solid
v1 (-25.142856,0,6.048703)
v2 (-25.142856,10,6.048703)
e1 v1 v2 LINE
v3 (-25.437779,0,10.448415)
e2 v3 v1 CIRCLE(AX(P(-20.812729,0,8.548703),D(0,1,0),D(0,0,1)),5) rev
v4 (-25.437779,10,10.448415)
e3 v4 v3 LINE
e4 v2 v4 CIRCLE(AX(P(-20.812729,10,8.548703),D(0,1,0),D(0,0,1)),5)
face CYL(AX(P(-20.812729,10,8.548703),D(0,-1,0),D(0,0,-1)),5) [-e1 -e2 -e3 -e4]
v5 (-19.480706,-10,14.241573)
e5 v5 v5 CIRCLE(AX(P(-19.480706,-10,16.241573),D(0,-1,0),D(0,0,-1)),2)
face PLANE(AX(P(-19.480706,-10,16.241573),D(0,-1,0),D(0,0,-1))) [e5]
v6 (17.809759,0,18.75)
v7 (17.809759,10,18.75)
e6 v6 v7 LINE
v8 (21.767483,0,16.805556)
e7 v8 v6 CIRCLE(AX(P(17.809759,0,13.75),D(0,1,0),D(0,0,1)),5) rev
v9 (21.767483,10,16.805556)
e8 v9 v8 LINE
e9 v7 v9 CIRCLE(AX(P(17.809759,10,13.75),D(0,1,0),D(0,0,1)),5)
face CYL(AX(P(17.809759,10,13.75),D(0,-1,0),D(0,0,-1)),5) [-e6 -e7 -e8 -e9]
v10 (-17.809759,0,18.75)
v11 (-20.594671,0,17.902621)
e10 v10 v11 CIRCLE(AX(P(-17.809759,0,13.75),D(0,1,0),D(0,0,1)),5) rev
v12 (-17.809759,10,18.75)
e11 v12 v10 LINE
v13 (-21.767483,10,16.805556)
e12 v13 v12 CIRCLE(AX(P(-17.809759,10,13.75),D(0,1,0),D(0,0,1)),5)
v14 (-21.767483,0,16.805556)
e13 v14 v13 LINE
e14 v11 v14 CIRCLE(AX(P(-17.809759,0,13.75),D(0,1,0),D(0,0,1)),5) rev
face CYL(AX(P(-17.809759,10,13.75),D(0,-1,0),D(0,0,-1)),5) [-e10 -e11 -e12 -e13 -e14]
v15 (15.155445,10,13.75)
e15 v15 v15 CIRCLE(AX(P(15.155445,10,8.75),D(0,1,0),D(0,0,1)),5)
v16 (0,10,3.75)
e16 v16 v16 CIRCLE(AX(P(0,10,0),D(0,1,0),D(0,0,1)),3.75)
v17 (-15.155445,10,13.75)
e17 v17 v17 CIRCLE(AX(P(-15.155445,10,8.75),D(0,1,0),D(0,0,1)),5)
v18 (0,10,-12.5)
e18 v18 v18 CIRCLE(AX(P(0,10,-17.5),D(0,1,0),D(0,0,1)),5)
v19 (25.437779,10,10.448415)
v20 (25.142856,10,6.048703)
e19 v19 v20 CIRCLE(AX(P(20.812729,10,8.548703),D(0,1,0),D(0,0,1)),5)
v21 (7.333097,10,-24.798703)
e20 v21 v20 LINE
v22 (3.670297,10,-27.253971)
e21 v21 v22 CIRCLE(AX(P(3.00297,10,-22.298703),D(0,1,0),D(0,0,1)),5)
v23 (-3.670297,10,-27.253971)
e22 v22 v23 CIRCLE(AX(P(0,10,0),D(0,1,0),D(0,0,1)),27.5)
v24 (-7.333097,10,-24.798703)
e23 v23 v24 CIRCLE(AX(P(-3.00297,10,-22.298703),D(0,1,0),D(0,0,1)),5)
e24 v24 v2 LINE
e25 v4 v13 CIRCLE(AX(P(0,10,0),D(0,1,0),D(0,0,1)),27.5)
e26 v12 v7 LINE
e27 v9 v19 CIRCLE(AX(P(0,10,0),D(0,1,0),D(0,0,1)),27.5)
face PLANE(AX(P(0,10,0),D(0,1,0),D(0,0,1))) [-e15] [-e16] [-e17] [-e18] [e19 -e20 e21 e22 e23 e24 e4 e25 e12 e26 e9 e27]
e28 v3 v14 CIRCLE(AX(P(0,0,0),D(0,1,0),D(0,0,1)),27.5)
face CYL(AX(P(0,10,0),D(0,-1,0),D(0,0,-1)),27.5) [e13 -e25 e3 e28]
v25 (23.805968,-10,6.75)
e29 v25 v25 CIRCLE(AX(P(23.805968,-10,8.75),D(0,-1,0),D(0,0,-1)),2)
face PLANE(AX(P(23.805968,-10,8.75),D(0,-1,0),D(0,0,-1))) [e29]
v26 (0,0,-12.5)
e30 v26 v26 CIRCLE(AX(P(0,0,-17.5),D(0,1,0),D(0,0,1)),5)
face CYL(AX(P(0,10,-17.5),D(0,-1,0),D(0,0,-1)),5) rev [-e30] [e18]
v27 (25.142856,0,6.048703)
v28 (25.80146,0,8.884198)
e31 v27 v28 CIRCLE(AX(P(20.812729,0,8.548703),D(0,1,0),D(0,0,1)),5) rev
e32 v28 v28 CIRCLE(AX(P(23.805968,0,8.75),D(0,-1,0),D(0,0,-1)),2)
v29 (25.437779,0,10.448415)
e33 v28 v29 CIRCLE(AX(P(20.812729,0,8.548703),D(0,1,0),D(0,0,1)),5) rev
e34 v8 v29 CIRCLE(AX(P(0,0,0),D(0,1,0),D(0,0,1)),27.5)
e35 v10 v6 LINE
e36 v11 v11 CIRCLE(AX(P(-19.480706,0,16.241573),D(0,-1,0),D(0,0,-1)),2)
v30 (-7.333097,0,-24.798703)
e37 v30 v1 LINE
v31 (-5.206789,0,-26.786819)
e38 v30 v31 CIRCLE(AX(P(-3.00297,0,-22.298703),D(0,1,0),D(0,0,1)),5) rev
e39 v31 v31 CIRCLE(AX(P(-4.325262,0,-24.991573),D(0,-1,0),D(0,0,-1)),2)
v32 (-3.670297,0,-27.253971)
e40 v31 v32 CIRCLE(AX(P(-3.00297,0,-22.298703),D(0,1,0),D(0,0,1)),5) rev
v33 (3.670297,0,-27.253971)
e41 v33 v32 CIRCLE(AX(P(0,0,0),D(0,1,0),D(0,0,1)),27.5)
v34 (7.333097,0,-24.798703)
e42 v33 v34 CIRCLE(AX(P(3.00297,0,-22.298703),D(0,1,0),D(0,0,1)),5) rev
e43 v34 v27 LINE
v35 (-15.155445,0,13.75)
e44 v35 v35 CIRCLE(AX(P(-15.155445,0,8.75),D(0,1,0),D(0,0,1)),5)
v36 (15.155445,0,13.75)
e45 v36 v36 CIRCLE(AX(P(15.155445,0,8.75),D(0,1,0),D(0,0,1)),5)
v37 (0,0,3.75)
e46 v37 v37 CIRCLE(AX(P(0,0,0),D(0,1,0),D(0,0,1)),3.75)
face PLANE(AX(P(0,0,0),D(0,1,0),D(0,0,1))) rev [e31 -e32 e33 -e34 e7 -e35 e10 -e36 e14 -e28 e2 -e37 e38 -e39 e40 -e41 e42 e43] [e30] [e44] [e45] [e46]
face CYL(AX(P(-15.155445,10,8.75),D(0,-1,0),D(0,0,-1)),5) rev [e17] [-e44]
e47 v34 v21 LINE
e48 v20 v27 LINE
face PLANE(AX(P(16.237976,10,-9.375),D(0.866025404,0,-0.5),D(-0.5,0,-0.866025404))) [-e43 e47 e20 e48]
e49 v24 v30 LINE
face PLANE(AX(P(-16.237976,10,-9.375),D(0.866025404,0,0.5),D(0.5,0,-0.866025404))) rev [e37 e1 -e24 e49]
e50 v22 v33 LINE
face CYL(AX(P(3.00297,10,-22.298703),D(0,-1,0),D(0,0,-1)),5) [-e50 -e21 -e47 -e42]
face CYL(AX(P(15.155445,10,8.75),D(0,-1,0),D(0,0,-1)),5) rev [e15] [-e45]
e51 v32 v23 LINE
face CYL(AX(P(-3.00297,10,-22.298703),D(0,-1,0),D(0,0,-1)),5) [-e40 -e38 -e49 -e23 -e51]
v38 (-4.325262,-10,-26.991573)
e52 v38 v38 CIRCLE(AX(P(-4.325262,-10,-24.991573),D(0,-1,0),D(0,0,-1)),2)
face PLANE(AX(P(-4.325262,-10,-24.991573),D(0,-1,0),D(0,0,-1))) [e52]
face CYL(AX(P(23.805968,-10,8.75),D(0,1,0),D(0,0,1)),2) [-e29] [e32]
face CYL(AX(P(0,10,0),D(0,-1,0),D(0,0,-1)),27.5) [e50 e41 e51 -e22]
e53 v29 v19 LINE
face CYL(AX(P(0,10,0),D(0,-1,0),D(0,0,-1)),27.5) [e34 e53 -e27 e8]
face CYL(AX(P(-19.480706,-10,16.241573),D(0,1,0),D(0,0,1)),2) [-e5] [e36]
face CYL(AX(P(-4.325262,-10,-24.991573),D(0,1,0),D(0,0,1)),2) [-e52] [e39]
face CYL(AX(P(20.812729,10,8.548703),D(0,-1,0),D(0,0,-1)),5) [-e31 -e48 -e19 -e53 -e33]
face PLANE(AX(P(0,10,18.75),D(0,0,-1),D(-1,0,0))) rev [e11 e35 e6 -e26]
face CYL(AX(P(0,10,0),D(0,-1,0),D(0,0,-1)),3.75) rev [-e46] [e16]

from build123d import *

# Parameters (mm, degrees)
CROQUIS1_R              = 5
CROQUIS1_R_2            = 3.75
SALIENTE_EXTRUIR3_DEPTH = 10
REDONDEO3_R             = 5
CROQUIS3_R              = 2
SALIENTE_EXTRUIR4_DEPTH = 10


with BuildPart() as part:
    # Croquis1 → Saliente-Extruir3 (new body)
    # profile 1 of 5: a face of its own
    with BuildSketch(Plane(origin=(0, 0, 0), x_dir=(1, 0, 0), z_dir=(0, 1, 0))):
        with BuildLine():
            ThreePointArc((6.179553234, 26.796699831), (0, 27.5), (-6.179553234, 26.796699831))
            Line((-6.179553234, 26.796699831), (-26.296399408, -8.046699831))
            ThreePointArc((-26.296399408, -8.046699831), (-23.815698604, -13.75), (-20.116846174, -18.75))
            Line((-20.116846174, -18.75), (20.116846174, -18.75))
            ThreePointArc((20.116846174, -18.75), (23.815698604, -13.75), (26.296399408, -8.046699831))
            Line((26.296399408, -8.046699831), (6.179553234, 26.796699831))
        make_face()
        with Locations(Location((-15.155444566, -8.75, 0), (0, 0, 270))):
            Circle(CROQUIS1_R, mode=Mode.SUBTRACT)
        with Locations(Location((15.155444566, -8.75, 0), (0, 0, 270))):
            Circle(CROQUIS1_R, mode=Mode.SUBTRACT)
        with BuildLine():
            ThreePointArc((0, 7.5), (2.053290038, 7.406507449), (3.995190528, 8.080127019))
            ThreePointArc((3.995190528, 8.080127019), (1.58501754, 10.938896501), (-1.666208496, 12.785792829))
            ThreePointArc((-1.666208496, 12.785792829), (-4.714207171, 19.166208496), (1.666208496, 22.214207171))
            ThreePointArc((1.666208496, 22.214207171), (7.977102724, 18.629231149), (12.655444566, 13.080127019))
            Line((12.655444566, 13.080127019), (17.655444566, 4.419872981))
            Line((17.655444566, 4.419872981), (8.995190528, -0.580127019))
            ThreePointArc((8.995190528, -0.580127019), (7.440868623, -1.92505239), (6.495190528, -3.75))
            ThreePointArc((6.495190528, -3.75), (0, -6.171567416), (-6.495190528, -3.75))
            ThreePointArc((-6.495190528, -3.75), (-5.344734164, 3.085783708), (0, 7.5))
        make_face(mode=Mode.SUBTRACT)
    # profile 2 of 5: a face of its own
    with BuildSketch(Plane(origin=(0, 0, 0), x_dir=(1, 0, 0), z_dir=(0, 1, 0))):
        with BuildLine():
            ThreePointArc((0, 7.5), (5.344734164, 3.085783708), (6.495190528, -3.75))
            ThreePointArc((6.495190528, -3.75), (0, -6.171567416), (-6.495190528, -3.75))
            ThreePointArc((-6.495190528, -3.75), (-5.344734164, 3.085783708), (0, 7.5))
        make_face()
        with Locations(Location((0, 0, 0), (0, 0, 270))):
            Circle(CROQUIS1_R_2, mode=Mode.SUBTRACT)
    # profile 3 of 5: a face of its own
    with BuildSketch(Plane(origin=(0, 0, 0), x_dir=(1, 0, 0), z_dir=(0, 1, 0))):
        with BuildLine():
            ThreePointArc((8.995190528, -0.580127019), (7.440868623, -1.92505239), (6.495190528, -3.75))
            ThreePointArc((6.495190528, -3.75), (5.344734164, 3.085783708), (0, 7.5))
            ThreePointArc((0, 7.5), (2.053290038, 7.406507449), (3.995190528, 8.080127019))
            Line((3.995190528, 8.080127019), (8.995190528, -0.580127019))
        make_face()
    # profile 4 of 5: a face of its own
    with BuildSketch(Plane(origin=(0, 0, 0), x_dir=(1, 0, 0), z_dir=(0, 1, 0))):
        Polygon((17.655444566, 4.419872981), (8.995190528, -0.580127019), (3.995190528, 8.080127019), (12.655444566, 13.080127019), align=None)
    # profile 5 of 5: a face of its own
    with BuildSketch(Plane(origin=(0, 0, 0), x_dir=(1, 0, 0), z_dir=(0, 1, 0))):
        with BuildLine():
            ThreePointArc((-1.666208496, 12.785792829), (1.58501754, 10.938896501), (3.995190528, 8.080127019))
            Line((3.995190528, 8.080127019), (12.655444566, 13.080127019))
            ThreePointArc((12.655444566, 13.080127019), (7.977102724, 18.629231149), (1.666208496, 22.214207171))
            ThreePointArc((1.666208496, 22.214207171), (4.082342617, 20.386949733), (5, 17.5))
            ThreePointArc((5, 17.5), (2.886949733, 13.417657383), (-1.666208496, 12.785792829))
        make_face()
    extrude(amount=SALIENTE_EXTRUIR3_DEPTH)

    # Redondeo3
    redondeo3_edges = [part.edges().sort_by_distance(p)[0] for p in [
        (-20.116846174, 5, 18.75),
        (-26.296399408, 5, 8.046699831),
        (-6.179553234, 5, -26.796699831),
        (6.179553234, 5, -26.796699831),
        (26.296399408, 5, 8.046699831),
        (20.116846174, 5, 18.75),
    ]]
    fillet(redondeo3_edges, radius=REDONDEO3_R)

    # Croquis3 → Saliente-Extruir4 (add)
    with BuildSketch(Plane.XZ):
        with Locations(Location((23.805967574, 8.75, 0), (0, 0, 3.846633593))):
            Circle(CROQUIS3_R)
        with Locations(Location((-4.325261504, -24.99157268, 0), (0, 0, 243.846633832))):
            Circle(CROQUIS3_R)
        with Locations(Location((-19.48070607, 16.24157268, 0), (0, 0, 123.846633623))):
            Circle(CROQUIS3_R)
    extrude(amount=SALIENTE_EXTRUIR4_DEPTH)


solid = part.part
